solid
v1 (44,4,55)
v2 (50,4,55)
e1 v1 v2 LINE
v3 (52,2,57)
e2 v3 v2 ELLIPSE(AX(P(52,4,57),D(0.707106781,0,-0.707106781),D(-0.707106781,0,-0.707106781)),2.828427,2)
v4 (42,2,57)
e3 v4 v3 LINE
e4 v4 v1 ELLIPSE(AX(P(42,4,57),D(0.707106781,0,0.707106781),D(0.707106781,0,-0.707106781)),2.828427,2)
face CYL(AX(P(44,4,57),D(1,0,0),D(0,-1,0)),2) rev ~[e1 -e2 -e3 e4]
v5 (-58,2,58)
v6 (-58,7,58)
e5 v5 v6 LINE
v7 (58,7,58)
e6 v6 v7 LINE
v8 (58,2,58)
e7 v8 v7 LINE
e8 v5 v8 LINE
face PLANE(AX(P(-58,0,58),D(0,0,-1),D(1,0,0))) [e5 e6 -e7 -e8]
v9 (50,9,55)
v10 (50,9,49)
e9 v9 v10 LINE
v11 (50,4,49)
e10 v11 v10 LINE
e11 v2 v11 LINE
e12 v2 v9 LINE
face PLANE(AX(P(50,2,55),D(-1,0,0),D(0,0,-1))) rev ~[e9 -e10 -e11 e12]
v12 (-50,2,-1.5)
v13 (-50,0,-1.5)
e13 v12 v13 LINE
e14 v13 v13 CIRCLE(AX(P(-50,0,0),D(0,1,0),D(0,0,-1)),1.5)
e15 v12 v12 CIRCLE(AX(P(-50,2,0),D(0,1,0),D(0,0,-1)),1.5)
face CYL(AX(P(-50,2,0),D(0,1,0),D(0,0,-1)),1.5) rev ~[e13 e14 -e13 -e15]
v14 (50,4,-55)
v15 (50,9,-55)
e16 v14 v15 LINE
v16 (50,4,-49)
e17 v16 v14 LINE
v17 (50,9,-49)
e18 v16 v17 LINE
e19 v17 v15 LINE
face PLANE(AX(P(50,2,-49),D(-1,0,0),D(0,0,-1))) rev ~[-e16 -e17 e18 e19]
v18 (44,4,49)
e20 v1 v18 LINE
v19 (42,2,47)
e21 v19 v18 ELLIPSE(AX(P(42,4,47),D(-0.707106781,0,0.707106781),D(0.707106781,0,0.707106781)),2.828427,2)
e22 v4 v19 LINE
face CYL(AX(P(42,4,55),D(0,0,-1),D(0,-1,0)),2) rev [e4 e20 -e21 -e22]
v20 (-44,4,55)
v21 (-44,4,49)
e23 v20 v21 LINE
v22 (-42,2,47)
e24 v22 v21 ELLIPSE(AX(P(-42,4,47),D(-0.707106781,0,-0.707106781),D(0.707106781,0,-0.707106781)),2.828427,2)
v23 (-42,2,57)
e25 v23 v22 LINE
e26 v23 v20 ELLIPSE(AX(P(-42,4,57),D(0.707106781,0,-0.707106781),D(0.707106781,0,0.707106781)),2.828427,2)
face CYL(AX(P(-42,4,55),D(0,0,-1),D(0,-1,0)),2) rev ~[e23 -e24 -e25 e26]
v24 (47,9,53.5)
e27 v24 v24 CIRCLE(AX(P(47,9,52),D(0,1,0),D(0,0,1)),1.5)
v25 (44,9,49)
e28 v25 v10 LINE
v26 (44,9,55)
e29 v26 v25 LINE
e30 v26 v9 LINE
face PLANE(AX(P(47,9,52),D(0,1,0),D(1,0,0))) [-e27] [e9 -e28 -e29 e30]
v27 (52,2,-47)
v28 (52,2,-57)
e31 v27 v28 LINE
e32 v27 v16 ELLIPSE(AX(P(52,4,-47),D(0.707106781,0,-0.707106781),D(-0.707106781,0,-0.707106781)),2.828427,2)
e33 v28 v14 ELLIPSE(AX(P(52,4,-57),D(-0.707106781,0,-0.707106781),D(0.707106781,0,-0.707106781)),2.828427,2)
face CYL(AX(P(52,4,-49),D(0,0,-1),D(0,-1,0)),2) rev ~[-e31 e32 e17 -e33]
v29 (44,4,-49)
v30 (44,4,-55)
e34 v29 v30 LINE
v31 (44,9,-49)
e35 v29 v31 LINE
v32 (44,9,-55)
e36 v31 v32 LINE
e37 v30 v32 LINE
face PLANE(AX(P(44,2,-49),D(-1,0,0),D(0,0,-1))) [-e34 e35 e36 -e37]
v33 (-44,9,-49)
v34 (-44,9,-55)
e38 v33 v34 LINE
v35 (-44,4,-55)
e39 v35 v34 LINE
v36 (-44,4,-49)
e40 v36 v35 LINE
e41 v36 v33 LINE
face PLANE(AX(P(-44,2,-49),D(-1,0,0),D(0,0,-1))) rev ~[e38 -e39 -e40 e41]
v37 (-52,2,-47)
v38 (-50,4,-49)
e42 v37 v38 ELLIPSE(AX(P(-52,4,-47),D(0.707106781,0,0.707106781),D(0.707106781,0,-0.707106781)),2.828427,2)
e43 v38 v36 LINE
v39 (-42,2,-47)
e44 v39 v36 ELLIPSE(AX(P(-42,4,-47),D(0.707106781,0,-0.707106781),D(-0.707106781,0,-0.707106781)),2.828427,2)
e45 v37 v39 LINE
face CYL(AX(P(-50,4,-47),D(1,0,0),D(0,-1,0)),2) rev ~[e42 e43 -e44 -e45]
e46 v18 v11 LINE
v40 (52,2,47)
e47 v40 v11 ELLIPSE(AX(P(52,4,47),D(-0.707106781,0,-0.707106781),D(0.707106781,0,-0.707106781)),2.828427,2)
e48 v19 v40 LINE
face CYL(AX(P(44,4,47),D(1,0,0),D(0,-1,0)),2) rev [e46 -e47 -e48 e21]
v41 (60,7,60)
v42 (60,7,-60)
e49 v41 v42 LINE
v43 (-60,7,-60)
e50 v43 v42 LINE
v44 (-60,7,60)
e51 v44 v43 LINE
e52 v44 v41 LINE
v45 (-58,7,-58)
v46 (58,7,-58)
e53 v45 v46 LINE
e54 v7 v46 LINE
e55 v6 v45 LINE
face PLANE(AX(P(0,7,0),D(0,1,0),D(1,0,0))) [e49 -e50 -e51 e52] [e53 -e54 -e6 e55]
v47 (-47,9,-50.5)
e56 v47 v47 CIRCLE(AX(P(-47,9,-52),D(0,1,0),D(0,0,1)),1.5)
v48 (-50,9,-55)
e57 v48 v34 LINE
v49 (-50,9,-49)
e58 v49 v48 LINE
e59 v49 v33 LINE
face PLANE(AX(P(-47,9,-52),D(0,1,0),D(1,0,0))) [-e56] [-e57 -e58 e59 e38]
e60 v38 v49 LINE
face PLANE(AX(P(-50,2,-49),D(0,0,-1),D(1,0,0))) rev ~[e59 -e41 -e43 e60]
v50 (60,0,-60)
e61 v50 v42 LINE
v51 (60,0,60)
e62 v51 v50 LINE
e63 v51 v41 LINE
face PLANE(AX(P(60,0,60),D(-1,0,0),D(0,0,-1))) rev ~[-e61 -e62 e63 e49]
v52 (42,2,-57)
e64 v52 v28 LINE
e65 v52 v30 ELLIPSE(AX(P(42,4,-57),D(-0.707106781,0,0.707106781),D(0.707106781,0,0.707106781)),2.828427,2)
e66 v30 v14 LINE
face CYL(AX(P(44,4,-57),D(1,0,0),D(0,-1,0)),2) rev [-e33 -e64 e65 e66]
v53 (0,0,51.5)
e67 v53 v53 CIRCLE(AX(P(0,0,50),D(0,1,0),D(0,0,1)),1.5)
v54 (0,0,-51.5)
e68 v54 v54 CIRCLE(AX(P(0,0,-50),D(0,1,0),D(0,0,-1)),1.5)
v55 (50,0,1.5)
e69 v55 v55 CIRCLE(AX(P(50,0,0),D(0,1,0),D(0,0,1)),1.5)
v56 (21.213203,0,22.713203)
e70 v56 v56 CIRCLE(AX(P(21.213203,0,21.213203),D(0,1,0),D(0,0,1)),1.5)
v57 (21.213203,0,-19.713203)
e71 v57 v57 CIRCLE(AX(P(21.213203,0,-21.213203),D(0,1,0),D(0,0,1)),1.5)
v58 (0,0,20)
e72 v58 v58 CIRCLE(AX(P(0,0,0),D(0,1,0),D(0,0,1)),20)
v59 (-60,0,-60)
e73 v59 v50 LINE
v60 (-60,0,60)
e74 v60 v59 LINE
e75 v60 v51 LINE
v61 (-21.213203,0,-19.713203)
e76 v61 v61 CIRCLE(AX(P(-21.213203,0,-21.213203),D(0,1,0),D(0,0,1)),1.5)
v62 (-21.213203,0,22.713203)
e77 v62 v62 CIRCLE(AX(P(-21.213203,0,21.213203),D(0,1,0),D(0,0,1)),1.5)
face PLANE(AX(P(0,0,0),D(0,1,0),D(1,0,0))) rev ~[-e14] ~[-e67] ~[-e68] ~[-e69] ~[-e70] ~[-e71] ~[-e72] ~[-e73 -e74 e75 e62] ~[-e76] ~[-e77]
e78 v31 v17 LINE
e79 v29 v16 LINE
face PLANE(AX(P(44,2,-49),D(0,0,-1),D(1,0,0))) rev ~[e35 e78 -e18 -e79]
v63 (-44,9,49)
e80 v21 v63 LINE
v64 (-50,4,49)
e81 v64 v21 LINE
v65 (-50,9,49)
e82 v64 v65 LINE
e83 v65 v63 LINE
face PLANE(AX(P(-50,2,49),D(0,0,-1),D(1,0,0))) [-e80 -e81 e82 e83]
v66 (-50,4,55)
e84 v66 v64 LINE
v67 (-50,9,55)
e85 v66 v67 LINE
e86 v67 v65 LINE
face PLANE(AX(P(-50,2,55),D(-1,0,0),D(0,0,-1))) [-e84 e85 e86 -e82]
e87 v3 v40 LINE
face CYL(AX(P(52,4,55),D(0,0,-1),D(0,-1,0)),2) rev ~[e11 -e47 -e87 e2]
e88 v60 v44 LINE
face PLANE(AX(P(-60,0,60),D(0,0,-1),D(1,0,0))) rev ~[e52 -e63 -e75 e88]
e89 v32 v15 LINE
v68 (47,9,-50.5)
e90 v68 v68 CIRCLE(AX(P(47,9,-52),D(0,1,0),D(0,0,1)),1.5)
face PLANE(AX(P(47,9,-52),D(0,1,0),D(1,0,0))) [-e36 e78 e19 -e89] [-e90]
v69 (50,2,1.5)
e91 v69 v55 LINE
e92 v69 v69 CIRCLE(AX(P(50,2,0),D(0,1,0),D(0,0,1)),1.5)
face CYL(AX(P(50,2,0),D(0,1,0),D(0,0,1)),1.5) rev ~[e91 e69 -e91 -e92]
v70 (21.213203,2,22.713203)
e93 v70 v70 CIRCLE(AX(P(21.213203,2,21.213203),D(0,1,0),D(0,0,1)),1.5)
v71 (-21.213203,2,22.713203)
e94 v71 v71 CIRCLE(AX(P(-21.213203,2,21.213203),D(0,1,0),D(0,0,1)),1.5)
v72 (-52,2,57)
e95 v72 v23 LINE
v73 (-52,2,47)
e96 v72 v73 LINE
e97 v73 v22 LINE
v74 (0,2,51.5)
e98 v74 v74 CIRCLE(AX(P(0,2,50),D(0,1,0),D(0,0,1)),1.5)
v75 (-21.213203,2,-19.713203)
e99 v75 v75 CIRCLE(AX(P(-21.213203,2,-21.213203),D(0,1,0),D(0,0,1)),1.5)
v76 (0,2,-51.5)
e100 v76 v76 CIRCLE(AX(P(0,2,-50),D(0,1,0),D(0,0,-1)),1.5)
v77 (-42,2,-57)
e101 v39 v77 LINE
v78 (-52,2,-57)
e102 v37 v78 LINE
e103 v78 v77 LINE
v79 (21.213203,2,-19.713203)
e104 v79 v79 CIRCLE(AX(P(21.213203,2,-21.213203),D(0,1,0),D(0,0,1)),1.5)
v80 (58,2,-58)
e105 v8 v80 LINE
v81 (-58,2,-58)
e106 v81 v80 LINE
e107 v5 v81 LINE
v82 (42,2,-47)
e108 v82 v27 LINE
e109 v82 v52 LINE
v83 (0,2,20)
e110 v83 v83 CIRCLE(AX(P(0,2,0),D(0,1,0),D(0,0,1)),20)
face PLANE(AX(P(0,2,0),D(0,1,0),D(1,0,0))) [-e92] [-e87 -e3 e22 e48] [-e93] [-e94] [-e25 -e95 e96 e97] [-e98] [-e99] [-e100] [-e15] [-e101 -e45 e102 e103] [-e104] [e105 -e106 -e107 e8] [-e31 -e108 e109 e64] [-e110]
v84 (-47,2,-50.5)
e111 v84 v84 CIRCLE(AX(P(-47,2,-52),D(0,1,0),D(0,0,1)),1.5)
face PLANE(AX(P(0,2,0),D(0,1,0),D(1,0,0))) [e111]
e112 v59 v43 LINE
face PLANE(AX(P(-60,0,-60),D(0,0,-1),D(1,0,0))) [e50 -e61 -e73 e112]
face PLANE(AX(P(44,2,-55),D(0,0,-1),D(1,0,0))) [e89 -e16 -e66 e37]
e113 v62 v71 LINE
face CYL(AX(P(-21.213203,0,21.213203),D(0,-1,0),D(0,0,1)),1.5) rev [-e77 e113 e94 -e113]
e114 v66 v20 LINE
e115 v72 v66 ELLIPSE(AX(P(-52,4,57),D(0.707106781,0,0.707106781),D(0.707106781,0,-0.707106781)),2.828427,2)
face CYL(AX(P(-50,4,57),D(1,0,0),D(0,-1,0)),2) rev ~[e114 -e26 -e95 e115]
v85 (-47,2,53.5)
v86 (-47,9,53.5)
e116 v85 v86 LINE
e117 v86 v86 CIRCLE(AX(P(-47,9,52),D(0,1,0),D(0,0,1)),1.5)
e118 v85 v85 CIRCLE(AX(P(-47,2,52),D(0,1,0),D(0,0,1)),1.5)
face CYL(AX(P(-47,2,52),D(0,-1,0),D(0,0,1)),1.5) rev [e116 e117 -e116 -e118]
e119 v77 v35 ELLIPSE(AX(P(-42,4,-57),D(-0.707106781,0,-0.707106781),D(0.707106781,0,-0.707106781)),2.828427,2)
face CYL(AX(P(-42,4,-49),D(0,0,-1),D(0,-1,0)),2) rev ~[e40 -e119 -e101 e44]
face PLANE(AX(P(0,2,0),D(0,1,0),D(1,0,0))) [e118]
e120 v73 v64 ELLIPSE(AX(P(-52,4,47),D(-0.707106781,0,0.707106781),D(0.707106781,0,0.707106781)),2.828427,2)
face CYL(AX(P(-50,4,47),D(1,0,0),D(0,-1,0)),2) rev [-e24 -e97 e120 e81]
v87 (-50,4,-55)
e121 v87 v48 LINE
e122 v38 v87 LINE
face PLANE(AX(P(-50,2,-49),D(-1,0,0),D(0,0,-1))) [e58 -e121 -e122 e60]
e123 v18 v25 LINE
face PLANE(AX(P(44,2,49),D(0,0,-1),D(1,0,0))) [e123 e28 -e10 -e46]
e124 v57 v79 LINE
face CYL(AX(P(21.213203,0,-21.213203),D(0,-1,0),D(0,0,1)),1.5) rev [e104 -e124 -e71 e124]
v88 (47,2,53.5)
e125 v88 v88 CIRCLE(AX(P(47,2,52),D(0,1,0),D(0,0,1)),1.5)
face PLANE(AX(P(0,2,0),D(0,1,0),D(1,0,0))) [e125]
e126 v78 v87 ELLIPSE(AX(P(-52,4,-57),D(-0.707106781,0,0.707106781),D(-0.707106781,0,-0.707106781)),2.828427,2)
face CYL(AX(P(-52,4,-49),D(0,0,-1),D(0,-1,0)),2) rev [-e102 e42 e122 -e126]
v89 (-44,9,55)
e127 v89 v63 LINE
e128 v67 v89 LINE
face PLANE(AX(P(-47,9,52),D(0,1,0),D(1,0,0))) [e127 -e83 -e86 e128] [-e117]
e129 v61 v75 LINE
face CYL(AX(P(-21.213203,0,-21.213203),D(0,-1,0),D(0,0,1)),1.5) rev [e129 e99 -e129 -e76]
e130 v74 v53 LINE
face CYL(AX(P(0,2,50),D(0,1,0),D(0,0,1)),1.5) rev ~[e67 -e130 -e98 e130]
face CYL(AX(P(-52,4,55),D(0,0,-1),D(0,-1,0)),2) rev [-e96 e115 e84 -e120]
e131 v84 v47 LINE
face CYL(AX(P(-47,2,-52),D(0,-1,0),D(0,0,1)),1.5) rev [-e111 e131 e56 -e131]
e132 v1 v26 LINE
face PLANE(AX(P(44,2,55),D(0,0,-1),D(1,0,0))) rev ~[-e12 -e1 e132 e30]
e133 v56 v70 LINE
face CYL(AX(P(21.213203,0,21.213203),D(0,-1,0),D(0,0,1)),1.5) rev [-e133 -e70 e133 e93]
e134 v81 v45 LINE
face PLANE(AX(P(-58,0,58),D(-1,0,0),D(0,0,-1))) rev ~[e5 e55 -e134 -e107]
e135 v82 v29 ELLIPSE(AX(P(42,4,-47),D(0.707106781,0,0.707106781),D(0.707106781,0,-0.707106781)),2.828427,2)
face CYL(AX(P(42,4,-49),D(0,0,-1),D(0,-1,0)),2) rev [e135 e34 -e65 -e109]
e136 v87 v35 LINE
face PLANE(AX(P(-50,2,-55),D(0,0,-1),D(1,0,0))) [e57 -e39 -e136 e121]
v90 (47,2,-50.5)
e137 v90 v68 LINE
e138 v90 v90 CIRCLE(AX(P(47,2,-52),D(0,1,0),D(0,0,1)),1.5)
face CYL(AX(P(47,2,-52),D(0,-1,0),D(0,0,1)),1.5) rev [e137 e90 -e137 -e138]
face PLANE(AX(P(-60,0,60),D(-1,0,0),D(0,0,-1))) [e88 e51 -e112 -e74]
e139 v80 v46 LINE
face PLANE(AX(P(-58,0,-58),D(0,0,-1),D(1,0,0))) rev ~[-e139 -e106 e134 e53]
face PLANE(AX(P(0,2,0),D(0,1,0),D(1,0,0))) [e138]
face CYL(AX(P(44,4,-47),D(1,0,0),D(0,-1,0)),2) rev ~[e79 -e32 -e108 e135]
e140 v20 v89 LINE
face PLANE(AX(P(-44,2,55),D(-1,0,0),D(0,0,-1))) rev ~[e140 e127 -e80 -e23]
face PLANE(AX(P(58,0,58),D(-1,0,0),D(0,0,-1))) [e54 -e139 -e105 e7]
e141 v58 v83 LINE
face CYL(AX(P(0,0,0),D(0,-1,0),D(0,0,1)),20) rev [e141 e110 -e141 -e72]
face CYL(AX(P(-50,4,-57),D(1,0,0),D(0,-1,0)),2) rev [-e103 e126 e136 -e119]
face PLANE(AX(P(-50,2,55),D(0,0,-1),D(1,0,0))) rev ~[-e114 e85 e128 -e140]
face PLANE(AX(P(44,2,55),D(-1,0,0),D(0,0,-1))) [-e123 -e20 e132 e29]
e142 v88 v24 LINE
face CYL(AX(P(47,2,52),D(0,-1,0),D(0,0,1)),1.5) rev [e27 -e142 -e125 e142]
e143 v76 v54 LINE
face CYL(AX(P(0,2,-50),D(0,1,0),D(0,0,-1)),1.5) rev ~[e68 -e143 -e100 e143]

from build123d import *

# Parameters (mm, degrees)
SKETCH1_W           = 116
SKETCH1_H           = 116
SKETCH1_R           = 1.5
SKETCH1_R_2         = 20
BOSS_EXTRUDE1_DEPTH = 2
SKETCH2_W           = 6
SKETCH2_H           = 6
SKETCH2_R           = 1.5
BOSS_EXTRUDE2_DEPTH = 7
SKETCH1_4_W         = 120
SKETCH1_4_H         = 120
SKETCH1_4_W_2       = 116
SKETCH1_4_H_2       = 116
BOSS_EXTRUDE3_DEPTH = 7
SKETCH3_R           = 1.5
CUT_EXTRUDE1_DEPTH  = 86.141059425
FILLET2_R           = 2


with BuildPart() as part:
    # Sketch1 → Boss-Extrude1 (new body)
    with BuildSketch(Plane(origin=(0, 0, 0), x_dir=(1, 0, 0), z_dir=(0, 1, 0))):
        Rectangle(SKETCH1_W, SKETCH1_H)
        with Locations((-21.213203436, -21.213203436)):
            Circle(SKETCH1_R, mode=Mode.SUBTRACT)
        with Locations((21.213203436, -21.213203436)):
            Circle(SKETCH1_R, mode=Mode.SUBTRACT)
        Circle(SKETCH1_R_2, mode=Mode.SUBTRACT)
        with Locations((-21.213203436, 21.213203436)):
            Circle(SKETCH1_R, mode=Mode.SUBTRACT)
        with Locations((21.213203436, 21.213203436)):
            Circle(SKETCH1_R, mode=Mode.SUBTRACT)
    extrude(amount=BOSS_EXTRUDE1_DEPTH)

    # Sketch2 → Boss-Extrude2 (add)
    # profile 1 of 4: a face of its own
    with BuildSketch(Plane(origin=(0, 2, 0), x_dir=(1, 0, 0), z_dir=(0, 1, 0))):
        with Locations((47, 52)):
            Rectangle(SKETCH2_W, SKETCH2_H)
        with Locations((47, 52)):
            Circle(SKETCH2_R, mode=Mode.SUBTRACT)
    # profile 2 of 4: a face of its own
    with BuildSketch(Plane(origin=(0, 2, 0), x_dir=(1, 0, 0), z_dir=(0, 1, 0))):
        with Locations((47, -52)):
            Rectangle(SKETCH2_W, SKETCH2_H)
        with Locations((47, -52)):
            Circle(SKETCH2_R, mode=Mode.SUBTRACT)
    # profile 3 of 4: a face of its own
    with BuildSketch(Plane(origin=(0, 2, 0), x_dir=(1, 0, 0), z_dir=(0, 1, 0))):
        with Locations((-47, 52)):
            Rectangle(SKETCH2_W, SKETCH2_H)
        with Locations((-47, 52)):
            Circle(SKETCH2_R, mode=Mode.SUBTRACT)
    # profile 4 of 4: a face of its own
    with BuildSketch(Plane(origin=(0, 2, 0), x_dir=(1, 0, 0), z_dir=(0, 1, 0))):
        with Locations((-47, -52)):
            Rectangle(SKETCH2_W, SKETCH2_H)
        with Locations((-47, -52)):
            Circle(SKETCH2_R, mode=Mode.SUBTRACT)
    extrude(amount=BOSS_EXTRUDE2_DEPTH)

    # Sketch1<4> → Boss-Extrude3 (add)
    with BuildSketch(Plane(origin=(0, 0, 0), x_dir=(1, 0, 0), z_dir=(0, 1, 0))):
        Rectangle(SKETCH1_4_W, SKETCH1_4_H)
        Rectangle(SKETCH1_4_W_2, SKETCH1_4_H_2, mode=Mode.SUBTRACT)
    extrude(amount=BOSS_EXTRUDE3_DEPTH)

    # Sketch3 → Cut-Extrude1 (cut, through all)
    with BuildSketch(Plane(origin=(0, 2, 0), x_dir=(1, 0, 0), z_dir=(0, 1, 0))):
        with Locations((50, 0)):
            Circle(SKETCH3_R)
        with Locations((-50, 0)):
            Circle(SKETCH3_R)
        with Locations((0, -50)):
            Circle(SKETCH3_R)
        with Locations((0, 50)):
            Circle(SKETCH3_R)
    extrude(amount=-CUT_EXTRUDE1_DEPTH, mode=Mode.SUBTRACT)

    # Fillet2
    fillet2_edges = [part.edges().sort_by_distance(p)[0] for p in [
        (-47, 2, 49),
        (-50, 2, 52),
        (-47, 2, 55),
        (-44, 2, 52),
        (50, 2, 52),
        (47, 2, 55),
        (47, 2, 49),
        (44, 2, 52),
        (47, 2, -55),
        (44, 2, -52),
        (47, 2, -49),
        (50, 2, -52),
        (-47, 2, -55),
        (-44, 2, -52),
        (-50, 2, -52),
        (-47, 2, -49),
    ]]
    fillet(fillet2_edges, radius=FILLET2_R)


solid = part.part
